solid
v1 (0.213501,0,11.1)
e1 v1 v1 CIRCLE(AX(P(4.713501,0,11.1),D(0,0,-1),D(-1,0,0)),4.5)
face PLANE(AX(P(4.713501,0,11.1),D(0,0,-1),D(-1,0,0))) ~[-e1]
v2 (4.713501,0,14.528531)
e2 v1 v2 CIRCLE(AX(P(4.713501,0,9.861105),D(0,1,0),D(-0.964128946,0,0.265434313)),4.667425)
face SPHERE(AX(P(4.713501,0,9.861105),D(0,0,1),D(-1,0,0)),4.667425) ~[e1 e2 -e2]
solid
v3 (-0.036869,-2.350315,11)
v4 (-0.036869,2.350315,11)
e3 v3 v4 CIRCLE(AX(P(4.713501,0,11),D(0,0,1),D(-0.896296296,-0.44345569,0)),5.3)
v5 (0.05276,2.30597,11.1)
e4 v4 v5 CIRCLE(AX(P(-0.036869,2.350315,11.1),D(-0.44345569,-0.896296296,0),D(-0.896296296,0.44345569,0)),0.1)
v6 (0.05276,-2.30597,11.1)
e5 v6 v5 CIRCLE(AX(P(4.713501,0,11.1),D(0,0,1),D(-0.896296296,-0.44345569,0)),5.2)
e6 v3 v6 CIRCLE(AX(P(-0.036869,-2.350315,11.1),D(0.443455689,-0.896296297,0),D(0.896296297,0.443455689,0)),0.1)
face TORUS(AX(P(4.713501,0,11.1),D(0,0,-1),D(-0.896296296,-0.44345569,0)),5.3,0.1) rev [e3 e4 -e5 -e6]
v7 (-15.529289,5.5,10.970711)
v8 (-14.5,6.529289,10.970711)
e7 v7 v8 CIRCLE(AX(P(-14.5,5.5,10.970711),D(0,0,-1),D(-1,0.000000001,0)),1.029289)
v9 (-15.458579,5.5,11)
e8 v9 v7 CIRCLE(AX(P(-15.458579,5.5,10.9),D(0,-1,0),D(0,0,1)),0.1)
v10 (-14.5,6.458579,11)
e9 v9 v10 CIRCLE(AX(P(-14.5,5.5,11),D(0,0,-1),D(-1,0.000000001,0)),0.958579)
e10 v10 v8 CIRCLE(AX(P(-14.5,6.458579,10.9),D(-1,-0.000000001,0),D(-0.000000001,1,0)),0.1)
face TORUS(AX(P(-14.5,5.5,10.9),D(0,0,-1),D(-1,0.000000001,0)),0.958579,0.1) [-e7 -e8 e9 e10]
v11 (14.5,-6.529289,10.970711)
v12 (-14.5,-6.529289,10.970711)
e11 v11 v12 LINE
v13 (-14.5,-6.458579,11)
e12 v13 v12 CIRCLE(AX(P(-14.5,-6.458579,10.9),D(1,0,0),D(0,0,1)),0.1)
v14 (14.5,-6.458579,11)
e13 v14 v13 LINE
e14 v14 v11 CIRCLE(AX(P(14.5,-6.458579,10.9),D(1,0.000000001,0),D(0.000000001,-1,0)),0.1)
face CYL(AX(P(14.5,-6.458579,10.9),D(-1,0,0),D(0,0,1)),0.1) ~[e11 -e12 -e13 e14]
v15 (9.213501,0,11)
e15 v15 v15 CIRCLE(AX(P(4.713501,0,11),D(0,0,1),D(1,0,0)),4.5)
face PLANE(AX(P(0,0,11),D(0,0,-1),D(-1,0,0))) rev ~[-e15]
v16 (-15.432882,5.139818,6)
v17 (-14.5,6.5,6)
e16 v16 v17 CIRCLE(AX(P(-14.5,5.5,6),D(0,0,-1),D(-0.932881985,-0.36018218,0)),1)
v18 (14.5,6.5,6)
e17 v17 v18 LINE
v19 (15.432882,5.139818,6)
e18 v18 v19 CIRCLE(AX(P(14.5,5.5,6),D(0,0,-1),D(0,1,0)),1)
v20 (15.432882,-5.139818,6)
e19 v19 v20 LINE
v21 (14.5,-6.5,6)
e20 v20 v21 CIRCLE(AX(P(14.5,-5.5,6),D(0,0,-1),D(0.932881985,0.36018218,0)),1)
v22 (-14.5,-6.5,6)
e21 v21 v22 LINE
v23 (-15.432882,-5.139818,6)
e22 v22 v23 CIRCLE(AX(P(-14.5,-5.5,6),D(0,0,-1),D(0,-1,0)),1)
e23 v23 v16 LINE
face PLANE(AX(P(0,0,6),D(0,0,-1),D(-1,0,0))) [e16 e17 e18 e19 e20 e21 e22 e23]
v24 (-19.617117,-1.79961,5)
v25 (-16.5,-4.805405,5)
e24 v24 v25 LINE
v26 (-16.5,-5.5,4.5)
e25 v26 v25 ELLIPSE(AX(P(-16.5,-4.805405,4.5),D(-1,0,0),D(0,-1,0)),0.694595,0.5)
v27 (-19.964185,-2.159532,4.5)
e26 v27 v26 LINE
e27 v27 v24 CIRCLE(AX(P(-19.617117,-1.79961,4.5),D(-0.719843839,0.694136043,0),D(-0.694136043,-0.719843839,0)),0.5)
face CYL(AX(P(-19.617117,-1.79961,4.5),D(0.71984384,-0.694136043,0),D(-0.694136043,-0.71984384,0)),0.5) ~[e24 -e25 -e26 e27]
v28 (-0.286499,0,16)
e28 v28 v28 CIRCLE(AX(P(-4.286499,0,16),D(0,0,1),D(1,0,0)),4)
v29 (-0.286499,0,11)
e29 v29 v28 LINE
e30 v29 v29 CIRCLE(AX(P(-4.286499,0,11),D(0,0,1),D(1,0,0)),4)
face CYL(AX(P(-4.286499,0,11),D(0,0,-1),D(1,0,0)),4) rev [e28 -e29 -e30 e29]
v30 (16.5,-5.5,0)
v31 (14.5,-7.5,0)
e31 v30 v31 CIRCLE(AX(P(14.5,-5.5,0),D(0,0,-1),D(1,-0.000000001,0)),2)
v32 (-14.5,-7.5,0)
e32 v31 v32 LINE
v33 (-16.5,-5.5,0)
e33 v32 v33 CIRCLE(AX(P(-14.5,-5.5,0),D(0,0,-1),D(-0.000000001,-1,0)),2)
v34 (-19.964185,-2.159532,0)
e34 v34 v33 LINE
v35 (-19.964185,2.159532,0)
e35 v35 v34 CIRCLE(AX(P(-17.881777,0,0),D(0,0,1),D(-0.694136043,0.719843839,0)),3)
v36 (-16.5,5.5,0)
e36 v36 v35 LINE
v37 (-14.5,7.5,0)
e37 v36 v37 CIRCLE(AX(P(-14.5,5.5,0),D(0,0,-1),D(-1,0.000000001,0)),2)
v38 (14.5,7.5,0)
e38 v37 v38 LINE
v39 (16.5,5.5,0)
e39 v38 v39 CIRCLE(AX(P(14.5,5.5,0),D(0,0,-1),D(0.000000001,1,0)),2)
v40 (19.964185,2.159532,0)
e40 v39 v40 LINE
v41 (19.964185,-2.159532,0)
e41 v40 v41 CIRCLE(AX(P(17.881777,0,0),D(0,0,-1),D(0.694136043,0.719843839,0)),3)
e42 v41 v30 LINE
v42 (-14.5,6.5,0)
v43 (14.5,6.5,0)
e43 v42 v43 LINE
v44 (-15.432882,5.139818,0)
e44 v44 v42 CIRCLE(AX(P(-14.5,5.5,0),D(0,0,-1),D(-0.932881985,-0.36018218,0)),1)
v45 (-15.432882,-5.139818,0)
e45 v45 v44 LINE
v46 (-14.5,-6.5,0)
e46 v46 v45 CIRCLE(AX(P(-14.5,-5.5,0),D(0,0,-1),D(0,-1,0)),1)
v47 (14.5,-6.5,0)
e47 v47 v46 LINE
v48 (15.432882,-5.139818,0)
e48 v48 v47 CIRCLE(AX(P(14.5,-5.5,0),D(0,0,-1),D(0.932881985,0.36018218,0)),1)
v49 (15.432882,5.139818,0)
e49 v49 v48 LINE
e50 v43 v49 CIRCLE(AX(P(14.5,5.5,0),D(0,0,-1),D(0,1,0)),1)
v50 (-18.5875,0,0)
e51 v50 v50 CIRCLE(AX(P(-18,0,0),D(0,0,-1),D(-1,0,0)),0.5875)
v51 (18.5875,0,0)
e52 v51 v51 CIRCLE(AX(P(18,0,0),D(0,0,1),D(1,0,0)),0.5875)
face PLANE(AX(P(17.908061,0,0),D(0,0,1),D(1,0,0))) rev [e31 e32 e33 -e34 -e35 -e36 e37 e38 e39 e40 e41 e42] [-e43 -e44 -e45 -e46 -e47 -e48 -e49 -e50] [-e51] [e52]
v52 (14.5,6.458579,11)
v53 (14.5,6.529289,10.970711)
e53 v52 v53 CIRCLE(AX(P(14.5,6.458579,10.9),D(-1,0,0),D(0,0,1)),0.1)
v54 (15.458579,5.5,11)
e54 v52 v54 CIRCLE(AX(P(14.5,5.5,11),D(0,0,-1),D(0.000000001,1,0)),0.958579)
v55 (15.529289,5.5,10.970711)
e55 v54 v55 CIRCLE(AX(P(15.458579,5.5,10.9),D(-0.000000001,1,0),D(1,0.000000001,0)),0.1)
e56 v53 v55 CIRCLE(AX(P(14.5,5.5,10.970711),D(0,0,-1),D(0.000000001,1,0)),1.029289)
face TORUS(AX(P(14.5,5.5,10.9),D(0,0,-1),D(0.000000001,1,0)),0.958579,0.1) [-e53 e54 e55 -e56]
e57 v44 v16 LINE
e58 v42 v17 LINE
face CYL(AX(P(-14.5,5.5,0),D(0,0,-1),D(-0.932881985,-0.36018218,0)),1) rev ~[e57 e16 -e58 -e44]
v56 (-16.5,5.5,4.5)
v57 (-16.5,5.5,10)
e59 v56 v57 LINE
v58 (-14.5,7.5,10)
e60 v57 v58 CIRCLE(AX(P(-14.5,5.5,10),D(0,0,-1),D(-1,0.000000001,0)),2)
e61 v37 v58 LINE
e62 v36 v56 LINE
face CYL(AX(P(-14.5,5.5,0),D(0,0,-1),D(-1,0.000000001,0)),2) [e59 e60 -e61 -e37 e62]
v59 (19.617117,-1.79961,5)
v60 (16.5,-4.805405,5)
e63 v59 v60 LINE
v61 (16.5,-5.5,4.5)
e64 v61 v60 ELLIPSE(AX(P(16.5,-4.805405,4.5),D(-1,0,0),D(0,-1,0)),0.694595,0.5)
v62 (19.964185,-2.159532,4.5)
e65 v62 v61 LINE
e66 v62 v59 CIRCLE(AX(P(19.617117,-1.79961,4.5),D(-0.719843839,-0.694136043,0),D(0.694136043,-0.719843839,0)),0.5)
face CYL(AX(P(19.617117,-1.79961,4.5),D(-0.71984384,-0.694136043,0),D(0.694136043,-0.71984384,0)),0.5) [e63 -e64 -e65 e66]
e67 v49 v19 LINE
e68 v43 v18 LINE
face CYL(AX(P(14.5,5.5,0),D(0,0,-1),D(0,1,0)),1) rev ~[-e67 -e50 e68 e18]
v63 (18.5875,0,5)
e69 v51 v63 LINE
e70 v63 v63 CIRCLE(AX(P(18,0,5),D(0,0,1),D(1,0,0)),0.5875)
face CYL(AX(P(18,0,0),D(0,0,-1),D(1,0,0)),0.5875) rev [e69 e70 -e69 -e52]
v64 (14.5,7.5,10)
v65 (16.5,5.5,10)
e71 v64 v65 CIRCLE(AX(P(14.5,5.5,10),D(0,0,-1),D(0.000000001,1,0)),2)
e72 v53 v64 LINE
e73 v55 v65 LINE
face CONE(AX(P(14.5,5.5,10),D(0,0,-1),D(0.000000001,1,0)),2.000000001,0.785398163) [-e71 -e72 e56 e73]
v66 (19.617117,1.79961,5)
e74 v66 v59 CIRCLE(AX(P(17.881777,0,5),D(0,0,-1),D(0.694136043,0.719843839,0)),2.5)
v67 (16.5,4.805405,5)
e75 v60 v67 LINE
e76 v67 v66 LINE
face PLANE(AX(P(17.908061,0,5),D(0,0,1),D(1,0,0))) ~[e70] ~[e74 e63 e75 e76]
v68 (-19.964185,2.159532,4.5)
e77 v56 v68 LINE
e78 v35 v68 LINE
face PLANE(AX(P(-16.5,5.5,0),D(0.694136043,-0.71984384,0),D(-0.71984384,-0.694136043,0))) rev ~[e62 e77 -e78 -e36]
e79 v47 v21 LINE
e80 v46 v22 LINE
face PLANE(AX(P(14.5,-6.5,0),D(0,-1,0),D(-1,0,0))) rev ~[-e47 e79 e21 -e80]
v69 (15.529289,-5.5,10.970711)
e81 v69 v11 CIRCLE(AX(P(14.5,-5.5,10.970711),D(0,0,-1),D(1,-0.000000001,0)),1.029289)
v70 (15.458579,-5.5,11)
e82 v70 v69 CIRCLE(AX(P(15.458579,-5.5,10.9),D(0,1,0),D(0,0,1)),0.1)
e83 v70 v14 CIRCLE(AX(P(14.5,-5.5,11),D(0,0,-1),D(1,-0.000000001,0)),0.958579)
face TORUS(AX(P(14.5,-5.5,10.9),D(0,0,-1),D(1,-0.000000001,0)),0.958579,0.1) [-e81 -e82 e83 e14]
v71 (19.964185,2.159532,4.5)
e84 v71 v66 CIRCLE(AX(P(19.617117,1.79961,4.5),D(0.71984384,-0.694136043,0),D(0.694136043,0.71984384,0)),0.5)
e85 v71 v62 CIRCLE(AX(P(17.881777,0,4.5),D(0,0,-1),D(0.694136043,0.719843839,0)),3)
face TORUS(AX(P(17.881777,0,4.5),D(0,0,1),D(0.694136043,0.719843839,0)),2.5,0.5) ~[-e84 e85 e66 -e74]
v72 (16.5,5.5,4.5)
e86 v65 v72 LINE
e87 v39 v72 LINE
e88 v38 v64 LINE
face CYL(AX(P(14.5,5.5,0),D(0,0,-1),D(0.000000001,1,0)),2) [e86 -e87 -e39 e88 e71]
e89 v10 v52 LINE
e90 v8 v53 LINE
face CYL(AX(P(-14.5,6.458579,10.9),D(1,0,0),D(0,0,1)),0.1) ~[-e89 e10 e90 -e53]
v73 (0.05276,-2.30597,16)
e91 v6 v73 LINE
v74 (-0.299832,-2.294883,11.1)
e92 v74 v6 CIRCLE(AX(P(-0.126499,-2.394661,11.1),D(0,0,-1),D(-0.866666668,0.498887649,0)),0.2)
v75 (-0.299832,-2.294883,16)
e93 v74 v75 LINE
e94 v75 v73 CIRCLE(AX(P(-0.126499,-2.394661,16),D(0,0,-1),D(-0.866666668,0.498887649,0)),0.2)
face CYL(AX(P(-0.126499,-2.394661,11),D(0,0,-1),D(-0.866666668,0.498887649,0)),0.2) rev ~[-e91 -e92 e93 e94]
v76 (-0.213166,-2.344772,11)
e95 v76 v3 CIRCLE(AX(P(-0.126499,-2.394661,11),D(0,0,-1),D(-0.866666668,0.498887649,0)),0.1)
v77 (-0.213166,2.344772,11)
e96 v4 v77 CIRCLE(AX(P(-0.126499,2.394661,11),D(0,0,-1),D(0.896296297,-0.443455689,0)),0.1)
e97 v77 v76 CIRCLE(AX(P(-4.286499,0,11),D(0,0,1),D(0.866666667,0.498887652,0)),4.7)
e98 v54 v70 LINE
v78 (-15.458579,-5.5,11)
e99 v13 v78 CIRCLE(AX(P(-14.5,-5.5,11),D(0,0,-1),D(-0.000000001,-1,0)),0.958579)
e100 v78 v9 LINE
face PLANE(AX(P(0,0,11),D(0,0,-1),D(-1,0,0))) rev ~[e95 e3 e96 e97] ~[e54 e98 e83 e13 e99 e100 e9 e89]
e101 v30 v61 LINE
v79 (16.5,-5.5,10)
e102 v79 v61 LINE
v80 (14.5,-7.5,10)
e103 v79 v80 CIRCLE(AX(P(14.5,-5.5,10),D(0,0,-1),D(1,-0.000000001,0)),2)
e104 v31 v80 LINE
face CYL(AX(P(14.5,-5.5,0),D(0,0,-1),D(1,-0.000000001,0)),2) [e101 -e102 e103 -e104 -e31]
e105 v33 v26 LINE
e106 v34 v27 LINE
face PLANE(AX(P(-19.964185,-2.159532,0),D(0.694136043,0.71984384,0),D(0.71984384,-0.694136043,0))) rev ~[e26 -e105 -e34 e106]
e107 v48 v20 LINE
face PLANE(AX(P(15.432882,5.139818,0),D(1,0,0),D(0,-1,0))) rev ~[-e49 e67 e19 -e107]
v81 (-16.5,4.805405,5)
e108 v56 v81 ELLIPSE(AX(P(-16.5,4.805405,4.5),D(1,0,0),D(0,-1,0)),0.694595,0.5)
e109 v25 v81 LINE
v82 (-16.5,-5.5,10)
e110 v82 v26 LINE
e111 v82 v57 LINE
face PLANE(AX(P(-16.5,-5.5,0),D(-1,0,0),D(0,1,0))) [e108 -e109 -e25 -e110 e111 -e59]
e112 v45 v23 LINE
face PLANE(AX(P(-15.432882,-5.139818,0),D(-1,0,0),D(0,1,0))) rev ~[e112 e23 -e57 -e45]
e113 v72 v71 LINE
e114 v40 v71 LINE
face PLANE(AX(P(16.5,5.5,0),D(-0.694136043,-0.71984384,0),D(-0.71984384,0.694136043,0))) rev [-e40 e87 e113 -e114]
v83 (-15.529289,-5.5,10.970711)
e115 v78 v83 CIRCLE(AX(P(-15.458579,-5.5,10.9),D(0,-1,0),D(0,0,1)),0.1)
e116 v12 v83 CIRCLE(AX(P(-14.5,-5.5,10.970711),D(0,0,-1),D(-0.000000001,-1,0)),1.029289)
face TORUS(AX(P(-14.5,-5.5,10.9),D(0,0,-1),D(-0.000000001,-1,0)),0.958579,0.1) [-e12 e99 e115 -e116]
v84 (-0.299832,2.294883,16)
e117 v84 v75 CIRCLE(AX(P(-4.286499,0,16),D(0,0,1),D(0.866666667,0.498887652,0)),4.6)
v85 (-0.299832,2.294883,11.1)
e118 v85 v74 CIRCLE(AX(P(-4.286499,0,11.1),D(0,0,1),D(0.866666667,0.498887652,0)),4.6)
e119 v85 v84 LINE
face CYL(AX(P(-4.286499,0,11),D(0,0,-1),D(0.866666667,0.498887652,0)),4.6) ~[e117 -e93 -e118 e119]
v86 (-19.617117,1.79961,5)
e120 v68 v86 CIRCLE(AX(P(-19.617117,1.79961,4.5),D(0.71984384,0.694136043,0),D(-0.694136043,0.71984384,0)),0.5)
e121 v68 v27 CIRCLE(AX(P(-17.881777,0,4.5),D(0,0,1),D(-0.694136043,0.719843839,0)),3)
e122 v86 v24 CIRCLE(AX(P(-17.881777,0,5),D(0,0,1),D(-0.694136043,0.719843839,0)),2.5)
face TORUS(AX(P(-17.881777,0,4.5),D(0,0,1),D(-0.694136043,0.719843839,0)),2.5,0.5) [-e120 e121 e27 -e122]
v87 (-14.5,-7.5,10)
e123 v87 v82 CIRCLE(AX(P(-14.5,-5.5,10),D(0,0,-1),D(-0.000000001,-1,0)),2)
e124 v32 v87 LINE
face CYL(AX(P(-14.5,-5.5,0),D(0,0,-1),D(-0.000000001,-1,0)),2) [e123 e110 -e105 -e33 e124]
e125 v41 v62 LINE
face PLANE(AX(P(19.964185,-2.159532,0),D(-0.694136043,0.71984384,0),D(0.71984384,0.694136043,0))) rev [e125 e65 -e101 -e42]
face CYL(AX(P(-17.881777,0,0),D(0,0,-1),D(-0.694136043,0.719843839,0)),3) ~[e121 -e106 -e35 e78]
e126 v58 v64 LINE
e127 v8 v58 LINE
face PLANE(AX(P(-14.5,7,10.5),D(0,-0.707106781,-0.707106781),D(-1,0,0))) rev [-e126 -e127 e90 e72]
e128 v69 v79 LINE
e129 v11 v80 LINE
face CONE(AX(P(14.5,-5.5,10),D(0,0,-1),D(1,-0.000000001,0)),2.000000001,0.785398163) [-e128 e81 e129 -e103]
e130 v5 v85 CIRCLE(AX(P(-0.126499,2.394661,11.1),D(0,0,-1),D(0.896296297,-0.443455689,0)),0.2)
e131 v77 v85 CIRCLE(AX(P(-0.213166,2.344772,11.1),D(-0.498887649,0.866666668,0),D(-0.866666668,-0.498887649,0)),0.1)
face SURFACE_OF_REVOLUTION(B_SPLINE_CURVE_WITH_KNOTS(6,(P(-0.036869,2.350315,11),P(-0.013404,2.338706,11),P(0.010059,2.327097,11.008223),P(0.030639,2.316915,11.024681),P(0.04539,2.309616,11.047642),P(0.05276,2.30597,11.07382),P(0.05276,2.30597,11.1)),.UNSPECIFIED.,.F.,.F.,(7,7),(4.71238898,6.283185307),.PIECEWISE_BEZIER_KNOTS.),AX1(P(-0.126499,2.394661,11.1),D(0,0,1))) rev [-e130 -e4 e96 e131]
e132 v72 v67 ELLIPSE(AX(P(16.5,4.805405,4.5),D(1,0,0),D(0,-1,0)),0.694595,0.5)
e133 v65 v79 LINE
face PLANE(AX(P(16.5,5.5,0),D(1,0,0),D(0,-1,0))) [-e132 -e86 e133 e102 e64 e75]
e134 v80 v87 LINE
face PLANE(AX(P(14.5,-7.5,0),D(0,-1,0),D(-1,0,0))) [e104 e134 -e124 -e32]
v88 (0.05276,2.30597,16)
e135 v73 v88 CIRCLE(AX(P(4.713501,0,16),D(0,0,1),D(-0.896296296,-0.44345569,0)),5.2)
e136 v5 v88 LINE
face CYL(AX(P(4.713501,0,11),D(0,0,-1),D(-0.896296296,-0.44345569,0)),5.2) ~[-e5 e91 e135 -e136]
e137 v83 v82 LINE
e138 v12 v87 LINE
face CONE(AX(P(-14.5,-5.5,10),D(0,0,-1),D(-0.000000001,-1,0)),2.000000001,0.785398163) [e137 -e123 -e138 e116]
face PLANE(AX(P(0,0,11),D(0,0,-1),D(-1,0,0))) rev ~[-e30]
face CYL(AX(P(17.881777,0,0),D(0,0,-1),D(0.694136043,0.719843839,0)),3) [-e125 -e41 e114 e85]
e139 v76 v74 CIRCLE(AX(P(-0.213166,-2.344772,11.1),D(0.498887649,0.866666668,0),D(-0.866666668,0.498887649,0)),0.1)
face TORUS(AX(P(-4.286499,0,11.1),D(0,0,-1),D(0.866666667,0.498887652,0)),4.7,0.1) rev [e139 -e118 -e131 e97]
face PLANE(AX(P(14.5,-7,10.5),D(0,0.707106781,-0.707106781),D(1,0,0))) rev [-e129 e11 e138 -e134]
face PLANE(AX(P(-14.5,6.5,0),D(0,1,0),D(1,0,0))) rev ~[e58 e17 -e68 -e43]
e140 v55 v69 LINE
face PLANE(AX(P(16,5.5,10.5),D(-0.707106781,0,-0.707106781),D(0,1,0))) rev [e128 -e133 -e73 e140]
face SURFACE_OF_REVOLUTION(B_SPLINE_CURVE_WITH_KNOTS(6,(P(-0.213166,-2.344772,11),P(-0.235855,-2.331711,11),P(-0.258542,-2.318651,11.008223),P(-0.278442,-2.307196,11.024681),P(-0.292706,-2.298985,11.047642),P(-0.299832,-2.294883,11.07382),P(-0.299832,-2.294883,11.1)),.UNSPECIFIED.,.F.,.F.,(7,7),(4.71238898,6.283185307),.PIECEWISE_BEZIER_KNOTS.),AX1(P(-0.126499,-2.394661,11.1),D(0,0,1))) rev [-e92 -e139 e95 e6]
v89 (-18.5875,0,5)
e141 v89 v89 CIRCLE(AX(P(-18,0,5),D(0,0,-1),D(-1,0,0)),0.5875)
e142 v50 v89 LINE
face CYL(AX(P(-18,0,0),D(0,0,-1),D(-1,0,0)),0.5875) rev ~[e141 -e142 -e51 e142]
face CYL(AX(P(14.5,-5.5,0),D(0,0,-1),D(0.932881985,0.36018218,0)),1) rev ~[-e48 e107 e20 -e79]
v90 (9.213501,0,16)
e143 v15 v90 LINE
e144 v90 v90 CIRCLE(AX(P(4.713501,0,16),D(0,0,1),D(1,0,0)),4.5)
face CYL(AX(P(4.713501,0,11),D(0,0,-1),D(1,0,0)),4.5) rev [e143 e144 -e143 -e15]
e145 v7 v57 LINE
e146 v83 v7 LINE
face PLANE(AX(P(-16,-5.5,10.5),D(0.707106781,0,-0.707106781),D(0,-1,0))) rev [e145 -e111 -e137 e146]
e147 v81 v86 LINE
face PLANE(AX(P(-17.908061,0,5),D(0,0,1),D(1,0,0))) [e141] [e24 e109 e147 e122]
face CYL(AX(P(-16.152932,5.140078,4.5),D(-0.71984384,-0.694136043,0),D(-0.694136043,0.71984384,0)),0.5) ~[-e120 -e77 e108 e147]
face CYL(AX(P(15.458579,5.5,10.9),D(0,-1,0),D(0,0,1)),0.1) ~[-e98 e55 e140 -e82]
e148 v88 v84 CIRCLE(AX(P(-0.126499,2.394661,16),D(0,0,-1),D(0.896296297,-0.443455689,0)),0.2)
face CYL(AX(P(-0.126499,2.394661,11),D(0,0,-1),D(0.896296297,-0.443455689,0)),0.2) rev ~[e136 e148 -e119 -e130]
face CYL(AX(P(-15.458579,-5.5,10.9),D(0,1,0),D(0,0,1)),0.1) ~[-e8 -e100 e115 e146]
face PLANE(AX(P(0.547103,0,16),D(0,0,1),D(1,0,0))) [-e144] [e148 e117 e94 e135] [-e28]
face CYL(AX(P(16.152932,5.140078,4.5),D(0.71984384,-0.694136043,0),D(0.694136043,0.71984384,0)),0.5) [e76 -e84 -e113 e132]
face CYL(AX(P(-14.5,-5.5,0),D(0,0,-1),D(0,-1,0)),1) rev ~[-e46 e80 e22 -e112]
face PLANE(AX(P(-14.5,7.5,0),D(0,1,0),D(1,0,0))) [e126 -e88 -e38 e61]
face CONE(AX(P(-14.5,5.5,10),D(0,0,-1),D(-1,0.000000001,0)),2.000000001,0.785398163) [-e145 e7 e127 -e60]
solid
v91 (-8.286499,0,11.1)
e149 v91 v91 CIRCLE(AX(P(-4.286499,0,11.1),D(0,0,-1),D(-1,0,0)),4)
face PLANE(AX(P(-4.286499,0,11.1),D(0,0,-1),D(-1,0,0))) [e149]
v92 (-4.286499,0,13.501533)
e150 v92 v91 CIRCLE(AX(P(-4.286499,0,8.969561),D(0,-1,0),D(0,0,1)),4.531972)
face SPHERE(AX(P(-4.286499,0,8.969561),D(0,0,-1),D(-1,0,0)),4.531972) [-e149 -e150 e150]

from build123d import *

# Parameters (mm, degrees)
BOSS_EXTRU_1_DEPTH      = 11
ESQUISSE2_R             = 0.5875
BOSS_EXTRU_2_DEPTH      = 5
ESQUISSE3_R             = 4.5
ESQUISSE3_R_2           = 4
BOSS_EXTRU_3_DEPTH      = 5
CHANFREIN1_SIZE         = 1
CONG_3_R                = 0.5
CONG_4_R                = 0.1
ENL_V_MAT_EXTRU_1_DEPTH = 6


with BuildPart() as part:
    # Esquisse1 → Boss.-Extru.1 (new body)
    with BuildSketch(Plane.XY):
        with BuildLine():
            Line((-14.5, 7.5), (14.5, 7.5))
            ThreePointArc((14.5, 7.5), (15.914213562, 6.914213562), (16.5, 5.5))
            Line((16.5, 5.5), (16.5, -5.5))
            ThreePointArc((16.5, -5.5), (15.914213562, -6.914213562), (14.5, -7.5))
            Line((14.5, -7.5), (-14.5, -7.5))
            ThreePointArc((-14.5, -7.5), (-15.914213562, -6.914213562), (-16.5, -5.5))
            Line((-16.5, -5.5), (-16.5, 5.5))
            ThreePointArc((-16.5, 5.5), (-15.914213562, 6.914213562), (-14.5, 7.5))
        make_face()
    extrude(amount=BOSS_EXTRU_1_DEPTH)

    # Esquisse2 → Boss.-Extru.2 (add)
    with BuildSketch(Plane(origin=(0, 0, 0), x_dir=(-1, 0, 0), z_dir=(0, 0, -1))):
        with BuildLine():
            Line((16.5, 5.5), (19.964184984, 2.159531519))
            ThreePointArc((19.964184984, 2.159531519), (20.881776854, 0), (19.964184984, -2.159531519))
            Line((19.964184984, -2.159531519), (16.5, -5.5))
            Line((16.5, -5.5), (16.5, 5.5))
        make_face()
        with Locations((18, 0)):
            Circle(ESQUISSE2_R, mode=Mode.SUBTRACT)
    boss_extru_2 = extrude(amount=-BOSS_EXTRU_2_DEPTH)

    # Symétrie1: Boss.-Extru.2 across plane
    add(boss_extru_2.mirror(Plane(origin=(0, 0, 0), x_dir=(0, 0, 1), z_dir=(1, 0, 0))))

    # Esquisse3 → Boss.-Extru.3 (add)
    with BuildSketch(Plane.XY.offset(11)):
        with BuildLine():
            ThreePointArc((-0.299832182, 2.294883197), (-8.886498849, 0), (-0.299832182, -2.294883197))
            ThreePointArc((-0.299832182, -2.294883197), (-0.120213455, -2.194759517), (0.05276041, -2.305969589))
            ThreePointArc((0.05276041, -2.305969589), (9.913501151, 0), (0.05276041, 2.305969589))
            ThreePointArc((0.05276041, 2.305969589), (-0.120213455, 2.194759517), (-0.299832182, 2.294883197))
        make_face()
        with Locations((4.713501151, 0)):
            Circle(ESQUISSE3_R, mode=Mode.SUBTRACT)
        with Locations((-4.286498849, 0)):
            Circle(ESQUISSE3_R_2, mode=Mode.SUBTRACT)
    extrude(amount=BOSS_EXTRU_3_DEPTH)

    # Chanfrein1
    chanfrein1_edges = [part.edges().sort_by_distance(p)[0] for p in [
        (15.914213562, -6.914213562, 11),
        (16.5, 0, 11),
        (15.914213562, 6.914213562, 11),
        (0, 7.5, 11),
        (-15.914213562, 6.914213562, 11),
        (-16.5, 0, 11),
        (-15.914213562, -6.914213562, 11),
        (0, -7.5, 11),
    ]]
    chamfer(chanfrein1_edges, length=CHANFREIN1_SIZE)

    # Congé3
    cong_3_edges = [part.edges().sort_by_distance(p)[0] for p in [
        (-18.232092492, 3.829765759, 5),
        (-20.881776854, 0, 5),
        (-18.232092492, -3.829765759, 5),
        (18.232092492, -3.829765759, 5),
        (20.881776854, 0, 5),
        (18.232092492, 3.829765759, 5),
    ]]
    fillet(cong_3_edges, radius=CONG_3_R)

    # Congé4
    cong_4_edges = [part.edges().sort_by_distance(p)[0] for p in [
        (-0.120213455, -2.194759517, 11),
        (9.913501151, 0, 11),
        (-0.120213455, 2.194759517, 11),
        (-8.886498849, 0, 11),
        (-15.5, 0, 11),
        (-15.207106781, -6.207106781, 11),
        (-15.207106781, 6.207106781, 11),
        (0, -6.5, 11),
        (0, 6.5, 11),
        (15.207106781, -6.207106781, 11),
        (15.207106781, 6.207106781, 11),
        (15.5, 0, 11),
    ]]
    fillet(cong_4_edges, radius=CONG_4_R)

    # Esquisse6 → Enlèv. mat.-Extru.1 (cut)
    with BuildSketch(Plane(origin=(0, 0, 0), x_dir=(-1, 0, 0), z_dir=(0, 0, -1))):
        with BuildLine():
            Line((-15.432881985, 5.13981782), (-15.432881985, -5.13981782))
            ThreePointArc((-15.432881985, -5.13981782), (-15.324676355, -6.065604906), (-14.5, -6.5))
            Line((-14.5, -6.5), (14.5, -6.5))
            ThreePointArc((14.5, -6.5), (15.324676355, -6.065604906), (15.432881985, -5.13981782))
            Line((15.432881985, -5.13981782), (15.432881985, 5.13981782))
            ThreePointArc((15.432881985, 5.13981782), (15.324676355, 6.065604906), (14.5, 6.5))
            Line((14.5, 6.5), (-14.5, 6.5))
            ThreePointArc((-14.5, 6.5), (-15.324676355, 6.065604906), (-15.432881985, 5.13981782))
        make_face()
    extrude(amount=-ENL_V_MAT_EXTRU_1_DEPTH, mode=Mode.SUBTRACT)


with BuildPart() as body_2:
    # Esquisse8 → Révolution2 (revolve)
    with BuildSketch(Plane(origin=(0, 0, 0), x_dir=(1, 0, 0), z_dir=(0, 1, 0))):
        with BuildLine():
            Line((4.713501151, -11.1), (0.213501151, -11.1))
            ThreePointArc((0.213501151, -11.1), (1.884860928, -13.573739635), (4.713501151, -14.528530595))
            Line((4.713501151, -14.528530595), (4.713501151, -11.1))
        make_face()
    revolve(axis=Axis((4.713501151, 0, 16), (0, 0, -1)))


with BuildPart() as body_3:
    # Esquisse9 → Révolution3 (revolve)
    with BuildSketch(Plane(origin=(0, 0, 0), x_dir=(1, 0, 0), z_dir=(0, 1, 0))):
        with BuildLine():
            Line((-8.286498849, -11.1), (-4.286498849, -11.1))
            Line((-4.286498849, -11.1), (-4.286498849, -13.501533111))
            ThreePointArc((-4.286498849, -13.501533111), (-6.619274089, -12.855037889), (-8.286498849, -11.1))
        make_face()
    revolve(axis=Axis((-4.286498849, 0, 16), (0, 0, -1)))


solid = Compound([part.part, body_2.part, body_3.part])
